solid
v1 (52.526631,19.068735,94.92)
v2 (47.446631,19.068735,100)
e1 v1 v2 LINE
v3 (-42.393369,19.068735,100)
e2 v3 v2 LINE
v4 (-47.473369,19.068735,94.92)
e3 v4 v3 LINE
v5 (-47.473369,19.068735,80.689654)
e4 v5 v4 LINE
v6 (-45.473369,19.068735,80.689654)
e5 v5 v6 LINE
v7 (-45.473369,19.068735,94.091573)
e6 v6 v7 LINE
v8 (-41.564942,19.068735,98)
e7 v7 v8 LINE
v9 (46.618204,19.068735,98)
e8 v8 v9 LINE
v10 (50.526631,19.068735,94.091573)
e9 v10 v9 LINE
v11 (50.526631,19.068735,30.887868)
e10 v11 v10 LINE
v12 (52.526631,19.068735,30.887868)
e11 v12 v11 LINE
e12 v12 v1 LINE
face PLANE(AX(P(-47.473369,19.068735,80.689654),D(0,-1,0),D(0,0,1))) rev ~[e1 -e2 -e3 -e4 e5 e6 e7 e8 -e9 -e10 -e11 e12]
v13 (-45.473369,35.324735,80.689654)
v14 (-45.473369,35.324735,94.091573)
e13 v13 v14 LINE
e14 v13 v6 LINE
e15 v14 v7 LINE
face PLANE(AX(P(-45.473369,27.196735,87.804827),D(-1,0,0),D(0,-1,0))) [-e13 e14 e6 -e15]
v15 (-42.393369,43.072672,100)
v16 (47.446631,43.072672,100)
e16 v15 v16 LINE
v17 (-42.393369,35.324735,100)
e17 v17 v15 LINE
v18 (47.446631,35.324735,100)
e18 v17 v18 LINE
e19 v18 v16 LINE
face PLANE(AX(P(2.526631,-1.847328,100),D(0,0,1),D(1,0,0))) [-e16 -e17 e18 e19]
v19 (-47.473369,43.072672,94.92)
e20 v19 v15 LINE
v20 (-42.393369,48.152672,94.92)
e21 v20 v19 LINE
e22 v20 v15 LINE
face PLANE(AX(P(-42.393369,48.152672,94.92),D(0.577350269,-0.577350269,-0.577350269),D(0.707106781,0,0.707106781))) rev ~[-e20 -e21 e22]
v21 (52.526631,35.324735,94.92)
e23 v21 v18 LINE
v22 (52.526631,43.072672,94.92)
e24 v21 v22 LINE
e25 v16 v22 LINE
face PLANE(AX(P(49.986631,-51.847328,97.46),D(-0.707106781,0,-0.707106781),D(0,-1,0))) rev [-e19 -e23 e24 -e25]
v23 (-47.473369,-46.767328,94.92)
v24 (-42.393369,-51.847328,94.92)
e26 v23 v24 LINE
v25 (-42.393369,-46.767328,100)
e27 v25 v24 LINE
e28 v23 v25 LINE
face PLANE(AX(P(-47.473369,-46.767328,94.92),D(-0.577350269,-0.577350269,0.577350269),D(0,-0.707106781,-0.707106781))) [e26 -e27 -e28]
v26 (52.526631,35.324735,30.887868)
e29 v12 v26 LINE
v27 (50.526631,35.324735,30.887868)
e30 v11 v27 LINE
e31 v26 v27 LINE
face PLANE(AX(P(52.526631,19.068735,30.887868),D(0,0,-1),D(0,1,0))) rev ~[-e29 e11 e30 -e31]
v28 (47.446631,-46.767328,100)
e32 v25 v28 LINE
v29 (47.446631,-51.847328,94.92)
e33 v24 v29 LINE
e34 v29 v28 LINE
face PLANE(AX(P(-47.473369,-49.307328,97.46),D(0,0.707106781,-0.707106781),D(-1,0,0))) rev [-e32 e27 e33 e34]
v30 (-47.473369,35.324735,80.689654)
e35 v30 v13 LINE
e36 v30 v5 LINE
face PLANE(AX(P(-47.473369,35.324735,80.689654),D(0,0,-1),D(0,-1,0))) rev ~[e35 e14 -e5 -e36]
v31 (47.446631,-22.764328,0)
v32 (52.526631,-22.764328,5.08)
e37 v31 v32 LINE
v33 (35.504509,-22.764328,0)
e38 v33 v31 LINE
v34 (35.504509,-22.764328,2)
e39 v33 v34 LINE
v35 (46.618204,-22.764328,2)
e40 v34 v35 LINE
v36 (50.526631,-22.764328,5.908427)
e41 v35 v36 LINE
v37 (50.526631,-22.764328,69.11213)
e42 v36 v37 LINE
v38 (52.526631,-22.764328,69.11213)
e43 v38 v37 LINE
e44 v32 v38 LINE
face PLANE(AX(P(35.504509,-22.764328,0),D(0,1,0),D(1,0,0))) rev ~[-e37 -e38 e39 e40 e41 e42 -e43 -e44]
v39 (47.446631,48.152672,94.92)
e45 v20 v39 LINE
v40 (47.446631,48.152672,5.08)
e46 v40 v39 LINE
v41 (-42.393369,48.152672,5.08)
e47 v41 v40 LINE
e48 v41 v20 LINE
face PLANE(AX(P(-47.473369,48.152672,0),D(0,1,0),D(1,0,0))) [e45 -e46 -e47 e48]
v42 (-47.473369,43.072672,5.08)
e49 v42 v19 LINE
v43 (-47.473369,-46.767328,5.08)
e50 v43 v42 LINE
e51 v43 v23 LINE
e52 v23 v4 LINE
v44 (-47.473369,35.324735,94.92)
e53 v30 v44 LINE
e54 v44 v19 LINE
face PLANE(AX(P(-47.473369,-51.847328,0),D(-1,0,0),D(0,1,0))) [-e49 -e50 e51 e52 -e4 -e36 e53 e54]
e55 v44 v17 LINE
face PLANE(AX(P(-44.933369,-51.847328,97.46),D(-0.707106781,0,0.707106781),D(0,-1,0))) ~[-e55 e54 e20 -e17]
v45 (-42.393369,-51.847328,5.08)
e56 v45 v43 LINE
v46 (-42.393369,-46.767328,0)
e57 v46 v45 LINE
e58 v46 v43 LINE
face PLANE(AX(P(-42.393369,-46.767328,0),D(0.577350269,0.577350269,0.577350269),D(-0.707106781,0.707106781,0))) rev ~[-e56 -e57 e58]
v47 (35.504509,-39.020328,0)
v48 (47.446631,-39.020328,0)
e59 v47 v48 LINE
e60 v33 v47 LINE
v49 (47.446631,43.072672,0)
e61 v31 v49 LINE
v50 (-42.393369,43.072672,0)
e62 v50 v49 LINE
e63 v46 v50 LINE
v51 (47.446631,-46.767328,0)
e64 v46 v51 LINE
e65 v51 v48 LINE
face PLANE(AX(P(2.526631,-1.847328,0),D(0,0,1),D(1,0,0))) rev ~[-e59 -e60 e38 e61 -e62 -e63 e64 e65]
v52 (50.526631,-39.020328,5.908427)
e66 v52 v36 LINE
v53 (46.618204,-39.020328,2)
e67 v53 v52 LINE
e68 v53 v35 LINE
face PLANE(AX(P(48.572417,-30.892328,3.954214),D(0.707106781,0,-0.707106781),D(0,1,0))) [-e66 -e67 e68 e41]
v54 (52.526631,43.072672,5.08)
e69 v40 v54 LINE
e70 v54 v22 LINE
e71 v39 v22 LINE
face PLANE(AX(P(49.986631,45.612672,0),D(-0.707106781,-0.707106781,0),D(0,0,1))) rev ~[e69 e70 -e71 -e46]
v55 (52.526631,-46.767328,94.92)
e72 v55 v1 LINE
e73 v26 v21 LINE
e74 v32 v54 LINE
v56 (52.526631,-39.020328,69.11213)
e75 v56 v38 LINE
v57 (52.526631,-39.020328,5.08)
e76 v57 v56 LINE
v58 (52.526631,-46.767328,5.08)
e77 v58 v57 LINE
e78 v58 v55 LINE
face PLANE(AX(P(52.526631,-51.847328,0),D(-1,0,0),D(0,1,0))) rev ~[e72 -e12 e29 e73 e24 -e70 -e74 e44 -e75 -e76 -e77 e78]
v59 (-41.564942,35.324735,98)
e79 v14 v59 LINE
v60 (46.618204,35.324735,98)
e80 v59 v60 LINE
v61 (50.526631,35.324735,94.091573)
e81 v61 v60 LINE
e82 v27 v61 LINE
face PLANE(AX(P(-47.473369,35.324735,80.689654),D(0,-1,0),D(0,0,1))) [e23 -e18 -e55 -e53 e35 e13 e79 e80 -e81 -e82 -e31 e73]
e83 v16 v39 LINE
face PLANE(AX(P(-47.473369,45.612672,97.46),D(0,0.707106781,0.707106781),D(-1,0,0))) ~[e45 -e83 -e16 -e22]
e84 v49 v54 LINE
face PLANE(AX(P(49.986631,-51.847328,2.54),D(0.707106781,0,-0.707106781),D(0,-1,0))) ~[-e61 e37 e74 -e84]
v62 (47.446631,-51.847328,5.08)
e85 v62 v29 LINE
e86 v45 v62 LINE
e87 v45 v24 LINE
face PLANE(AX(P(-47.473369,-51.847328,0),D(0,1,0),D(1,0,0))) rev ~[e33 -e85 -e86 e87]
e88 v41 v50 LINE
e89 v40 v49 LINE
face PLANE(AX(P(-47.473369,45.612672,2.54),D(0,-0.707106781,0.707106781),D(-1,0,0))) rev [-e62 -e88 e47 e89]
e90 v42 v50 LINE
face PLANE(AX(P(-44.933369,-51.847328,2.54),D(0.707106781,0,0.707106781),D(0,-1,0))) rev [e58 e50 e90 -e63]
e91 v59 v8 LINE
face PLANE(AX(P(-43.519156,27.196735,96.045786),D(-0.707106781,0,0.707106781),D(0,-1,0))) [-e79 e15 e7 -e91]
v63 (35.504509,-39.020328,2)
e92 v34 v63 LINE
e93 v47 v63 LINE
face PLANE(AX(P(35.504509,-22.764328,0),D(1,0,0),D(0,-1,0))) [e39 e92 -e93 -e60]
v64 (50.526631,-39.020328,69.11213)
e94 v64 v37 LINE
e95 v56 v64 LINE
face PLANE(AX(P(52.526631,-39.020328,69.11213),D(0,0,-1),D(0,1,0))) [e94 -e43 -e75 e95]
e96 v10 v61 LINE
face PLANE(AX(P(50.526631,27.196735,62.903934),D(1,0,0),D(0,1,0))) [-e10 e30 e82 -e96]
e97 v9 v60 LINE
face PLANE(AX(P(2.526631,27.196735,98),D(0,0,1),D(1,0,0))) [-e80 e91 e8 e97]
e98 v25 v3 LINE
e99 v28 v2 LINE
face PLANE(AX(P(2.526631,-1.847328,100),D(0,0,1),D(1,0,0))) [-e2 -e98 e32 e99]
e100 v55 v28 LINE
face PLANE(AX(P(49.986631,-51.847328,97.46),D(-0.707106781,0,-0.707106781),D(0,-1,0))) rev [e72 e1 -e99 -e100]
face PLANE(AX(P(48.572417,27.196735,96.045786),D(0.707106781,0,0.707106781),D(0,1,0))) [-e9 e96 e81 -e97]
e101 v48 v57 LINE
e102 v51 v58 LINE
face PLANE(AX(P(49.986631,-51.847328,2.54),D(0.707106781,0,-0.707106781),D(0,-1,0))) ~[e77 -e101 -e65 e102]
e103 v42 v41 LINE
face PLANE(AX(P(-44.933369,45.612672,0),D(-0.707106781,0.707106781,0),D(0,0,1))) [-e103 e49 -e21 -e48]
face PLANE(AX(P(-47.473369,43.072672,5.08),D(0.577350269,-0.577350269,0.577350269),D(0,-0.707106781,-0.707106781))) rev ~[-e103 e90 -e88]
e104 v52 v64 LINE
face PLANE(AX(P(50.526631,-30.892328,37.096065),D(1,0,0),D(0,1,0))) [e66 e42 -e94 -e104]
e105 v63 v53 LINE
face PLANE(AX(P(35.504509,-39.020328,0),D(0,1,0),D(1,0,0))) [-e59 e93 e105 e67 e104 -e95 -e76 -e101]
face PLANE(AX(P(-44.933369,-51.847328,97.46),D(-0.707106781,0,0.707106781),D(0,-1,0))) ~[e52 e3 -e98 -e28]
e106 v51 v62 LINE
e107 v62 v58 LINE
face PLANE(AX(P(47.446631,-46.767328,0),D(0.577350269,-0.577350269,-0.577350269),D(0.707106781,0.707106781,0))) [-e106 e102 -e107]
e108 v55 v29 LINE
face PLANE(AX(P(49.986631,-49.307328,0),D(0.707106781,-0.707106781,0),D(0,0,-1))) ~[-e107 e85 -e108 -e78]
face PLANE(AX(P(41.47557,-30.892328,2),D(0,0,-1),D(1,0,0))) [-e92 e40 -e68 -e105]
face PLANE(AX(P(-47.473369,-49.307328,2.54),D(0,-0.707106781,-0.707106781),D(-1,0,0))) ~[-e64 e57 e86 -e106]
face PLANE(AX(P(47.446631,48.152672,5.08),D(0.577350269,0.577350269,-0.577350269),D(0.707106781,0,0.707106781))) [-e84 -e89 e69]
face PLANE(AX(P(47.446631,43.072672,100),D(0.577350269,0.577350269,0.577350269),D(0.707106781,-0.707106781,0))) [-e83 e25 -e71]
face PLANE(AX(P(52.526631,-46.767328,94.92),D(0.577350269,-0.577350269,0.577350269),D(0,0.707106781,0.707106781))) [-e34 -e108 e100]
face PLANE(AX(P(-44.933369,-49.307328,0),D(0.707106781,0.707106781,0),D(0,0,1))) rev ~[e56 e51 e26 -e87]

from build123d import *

# Parameters (mm, degrees)
F0_W      = 100
F0_H      = 100
F1_DEPTH  = 100
F2_SIZE   = 5.08
F3_W      = 89.84
F3_H      = 16.256
F4_DEPTH  = 2
F5_W      = 16.256
F5_H      = 7.1842048969
F6_DEPTH  = 2
F7_W      = 16.256
F7_H      = 14.2303462458
F8_DEPTH  = 2
F9_W      = 16.256
F9_H      = 7.1842048969
F10_DEPTH = 2
F11_W     = 16.256
F11_H     = 64.0321317446
F12_DEPTH = 2
F13_W     = 16.256
F13_H     = 64.03213
F14_DEPTH = 2
F15_W     = 16.256
F15_H     = 7.1842048969
F16_DEPTH = 2
F17_W     = 11.9421218839
F17_H     = 16.256
F18_DEPTH = 2


with BuildPart() as f1:
    # F0 (on Top) → F1 (new body)
    with BuildSketch(Plane.XY):
        with Locations((2.5266306475, -1.8473280194)):
            Rectangle(F0_W, F0_H)
    extrude(amount=F1_DEPTH)

    # F2
    f2_edges = [f1.edges().sort_by_distance(p)[0] for p in [
        (2.526631, -51.847328, 100),
        (-47.473369, -1.847328, 100),
        (-47.473369, -51.847328, 50),
        (52.526631, -51.847328, 50),
        (2.526631, -51.847328, 0),
        (52.526631, -1.847328, 0),
        (2.526631, 48.152672, 0),
        (52.526631, 48.152672, 50),
        (-47.473369, 48.152672, 50),
        (-47.473369, -1.847328, 0),
        (2.526631, 48.152672, 100),
        (52.526631, -1.847328, 100),
    ]]
    chamfer(f2_edges, length=F2_SIZE)

    # F3 (on face) → F4 (cut)
    with BuildSketch(Plane.XY.offset(100)):
        with Locations((2.5266306475, 27.1967347203)):
            Rectangle(F3_W, F3_H)
    extrude(amount=-F4_DEPTH, mode=Mode.SUBTRACT)

    # F5 (on face) → F6 (cut)
    with BuildSketch(Plane(origin=(-71.1966846763, 0, 71.1966846763), x_dir=(0, -1, 0), z_dir=(-0.7071067812, 0, 0.7071067812))):
        with Locations((-27.1967347203, 37.1419367237)):
            Rectangle(F5_W, F5_H)
    extrude(amount=-F6_DEPTH, mode=Mode.SUBTRACT)

    # F7 (on face) → F8 (cut)
    with BuildSketch(Plane(origin=(-47.4733693525, 0, 0), x_dir=(0, -1, 0), z_dir=(-1, 0, 0))):
        with Locations((-27.1967347203, 87.8048268771)):
            Rectangle(F7_W, F7_H)
    extrude(amount=-F8_DEPTH, mode=Mode.SUBTRACT)

    # F9 (on face) → F10 (cut)
    with BuildSketch(Plane(origin=(73.7233153237, 0, 73.7233153237), x_dir=(0, 1, 0), z_dir=(0.7071067812, 0, 0.7071067812))):
        with Locations((27.1967347203, 33.5687413949)):
            Rectangle(F9_W, F9_H)
    extrude(amount=-F10_DEPTH, mode=Mode.SUBTRACT)

    # F11 (on face) → F12 (cut)
    with BuildSketch(Plane.YZ.offset(52.5266306475)):
        with Locations((27.1967347203, 62.9039341277)):
            Rectangle(F11_W, F11_H)
    extrude(amount=-F12_DEPTH, mode=Mode.SUBTRACT)

    # F13 (on face) → F14 (cut)
    with BuildSketch(Plane.YZ.offset(52.5266306475)):
        with Locations((-30.8923280194, 37.096065)):
            Rectangle(F13_W, F13_H)
    extrude(amount=-F14_DEPTH, mode=Mode.SUBTRACT)

    # F15 (on face) → F16 (cut)
    with BuildSketch(Plane(origin=(23.7233153237, 0, -23.7233153237), x_dir=(0, 1, 0), z_dir=(0.7071067812, 0, -0.7071067812))):
        with Locations((-30.8923280194, 37.1419367237)):
            Rectangle(F15_W, F15_H)
    extrude(amount=-F16_DEPTH, mode=Mode.SUBTRACT)

    # F17 (on face) → F18 (cut)
    with BuildSketch(Plane(origin=(0, 0, 0), x_dir=(1, 0, 0), z_dir=(0, 0, -1))):
        with Locations((41.4755697055, 30.8923280194)):
            Rectangle(F17_W, F17_H)
    extrude(amount=-F18_DEPTH, mode=Mode.SUBTRACT)


solid = f1.part
